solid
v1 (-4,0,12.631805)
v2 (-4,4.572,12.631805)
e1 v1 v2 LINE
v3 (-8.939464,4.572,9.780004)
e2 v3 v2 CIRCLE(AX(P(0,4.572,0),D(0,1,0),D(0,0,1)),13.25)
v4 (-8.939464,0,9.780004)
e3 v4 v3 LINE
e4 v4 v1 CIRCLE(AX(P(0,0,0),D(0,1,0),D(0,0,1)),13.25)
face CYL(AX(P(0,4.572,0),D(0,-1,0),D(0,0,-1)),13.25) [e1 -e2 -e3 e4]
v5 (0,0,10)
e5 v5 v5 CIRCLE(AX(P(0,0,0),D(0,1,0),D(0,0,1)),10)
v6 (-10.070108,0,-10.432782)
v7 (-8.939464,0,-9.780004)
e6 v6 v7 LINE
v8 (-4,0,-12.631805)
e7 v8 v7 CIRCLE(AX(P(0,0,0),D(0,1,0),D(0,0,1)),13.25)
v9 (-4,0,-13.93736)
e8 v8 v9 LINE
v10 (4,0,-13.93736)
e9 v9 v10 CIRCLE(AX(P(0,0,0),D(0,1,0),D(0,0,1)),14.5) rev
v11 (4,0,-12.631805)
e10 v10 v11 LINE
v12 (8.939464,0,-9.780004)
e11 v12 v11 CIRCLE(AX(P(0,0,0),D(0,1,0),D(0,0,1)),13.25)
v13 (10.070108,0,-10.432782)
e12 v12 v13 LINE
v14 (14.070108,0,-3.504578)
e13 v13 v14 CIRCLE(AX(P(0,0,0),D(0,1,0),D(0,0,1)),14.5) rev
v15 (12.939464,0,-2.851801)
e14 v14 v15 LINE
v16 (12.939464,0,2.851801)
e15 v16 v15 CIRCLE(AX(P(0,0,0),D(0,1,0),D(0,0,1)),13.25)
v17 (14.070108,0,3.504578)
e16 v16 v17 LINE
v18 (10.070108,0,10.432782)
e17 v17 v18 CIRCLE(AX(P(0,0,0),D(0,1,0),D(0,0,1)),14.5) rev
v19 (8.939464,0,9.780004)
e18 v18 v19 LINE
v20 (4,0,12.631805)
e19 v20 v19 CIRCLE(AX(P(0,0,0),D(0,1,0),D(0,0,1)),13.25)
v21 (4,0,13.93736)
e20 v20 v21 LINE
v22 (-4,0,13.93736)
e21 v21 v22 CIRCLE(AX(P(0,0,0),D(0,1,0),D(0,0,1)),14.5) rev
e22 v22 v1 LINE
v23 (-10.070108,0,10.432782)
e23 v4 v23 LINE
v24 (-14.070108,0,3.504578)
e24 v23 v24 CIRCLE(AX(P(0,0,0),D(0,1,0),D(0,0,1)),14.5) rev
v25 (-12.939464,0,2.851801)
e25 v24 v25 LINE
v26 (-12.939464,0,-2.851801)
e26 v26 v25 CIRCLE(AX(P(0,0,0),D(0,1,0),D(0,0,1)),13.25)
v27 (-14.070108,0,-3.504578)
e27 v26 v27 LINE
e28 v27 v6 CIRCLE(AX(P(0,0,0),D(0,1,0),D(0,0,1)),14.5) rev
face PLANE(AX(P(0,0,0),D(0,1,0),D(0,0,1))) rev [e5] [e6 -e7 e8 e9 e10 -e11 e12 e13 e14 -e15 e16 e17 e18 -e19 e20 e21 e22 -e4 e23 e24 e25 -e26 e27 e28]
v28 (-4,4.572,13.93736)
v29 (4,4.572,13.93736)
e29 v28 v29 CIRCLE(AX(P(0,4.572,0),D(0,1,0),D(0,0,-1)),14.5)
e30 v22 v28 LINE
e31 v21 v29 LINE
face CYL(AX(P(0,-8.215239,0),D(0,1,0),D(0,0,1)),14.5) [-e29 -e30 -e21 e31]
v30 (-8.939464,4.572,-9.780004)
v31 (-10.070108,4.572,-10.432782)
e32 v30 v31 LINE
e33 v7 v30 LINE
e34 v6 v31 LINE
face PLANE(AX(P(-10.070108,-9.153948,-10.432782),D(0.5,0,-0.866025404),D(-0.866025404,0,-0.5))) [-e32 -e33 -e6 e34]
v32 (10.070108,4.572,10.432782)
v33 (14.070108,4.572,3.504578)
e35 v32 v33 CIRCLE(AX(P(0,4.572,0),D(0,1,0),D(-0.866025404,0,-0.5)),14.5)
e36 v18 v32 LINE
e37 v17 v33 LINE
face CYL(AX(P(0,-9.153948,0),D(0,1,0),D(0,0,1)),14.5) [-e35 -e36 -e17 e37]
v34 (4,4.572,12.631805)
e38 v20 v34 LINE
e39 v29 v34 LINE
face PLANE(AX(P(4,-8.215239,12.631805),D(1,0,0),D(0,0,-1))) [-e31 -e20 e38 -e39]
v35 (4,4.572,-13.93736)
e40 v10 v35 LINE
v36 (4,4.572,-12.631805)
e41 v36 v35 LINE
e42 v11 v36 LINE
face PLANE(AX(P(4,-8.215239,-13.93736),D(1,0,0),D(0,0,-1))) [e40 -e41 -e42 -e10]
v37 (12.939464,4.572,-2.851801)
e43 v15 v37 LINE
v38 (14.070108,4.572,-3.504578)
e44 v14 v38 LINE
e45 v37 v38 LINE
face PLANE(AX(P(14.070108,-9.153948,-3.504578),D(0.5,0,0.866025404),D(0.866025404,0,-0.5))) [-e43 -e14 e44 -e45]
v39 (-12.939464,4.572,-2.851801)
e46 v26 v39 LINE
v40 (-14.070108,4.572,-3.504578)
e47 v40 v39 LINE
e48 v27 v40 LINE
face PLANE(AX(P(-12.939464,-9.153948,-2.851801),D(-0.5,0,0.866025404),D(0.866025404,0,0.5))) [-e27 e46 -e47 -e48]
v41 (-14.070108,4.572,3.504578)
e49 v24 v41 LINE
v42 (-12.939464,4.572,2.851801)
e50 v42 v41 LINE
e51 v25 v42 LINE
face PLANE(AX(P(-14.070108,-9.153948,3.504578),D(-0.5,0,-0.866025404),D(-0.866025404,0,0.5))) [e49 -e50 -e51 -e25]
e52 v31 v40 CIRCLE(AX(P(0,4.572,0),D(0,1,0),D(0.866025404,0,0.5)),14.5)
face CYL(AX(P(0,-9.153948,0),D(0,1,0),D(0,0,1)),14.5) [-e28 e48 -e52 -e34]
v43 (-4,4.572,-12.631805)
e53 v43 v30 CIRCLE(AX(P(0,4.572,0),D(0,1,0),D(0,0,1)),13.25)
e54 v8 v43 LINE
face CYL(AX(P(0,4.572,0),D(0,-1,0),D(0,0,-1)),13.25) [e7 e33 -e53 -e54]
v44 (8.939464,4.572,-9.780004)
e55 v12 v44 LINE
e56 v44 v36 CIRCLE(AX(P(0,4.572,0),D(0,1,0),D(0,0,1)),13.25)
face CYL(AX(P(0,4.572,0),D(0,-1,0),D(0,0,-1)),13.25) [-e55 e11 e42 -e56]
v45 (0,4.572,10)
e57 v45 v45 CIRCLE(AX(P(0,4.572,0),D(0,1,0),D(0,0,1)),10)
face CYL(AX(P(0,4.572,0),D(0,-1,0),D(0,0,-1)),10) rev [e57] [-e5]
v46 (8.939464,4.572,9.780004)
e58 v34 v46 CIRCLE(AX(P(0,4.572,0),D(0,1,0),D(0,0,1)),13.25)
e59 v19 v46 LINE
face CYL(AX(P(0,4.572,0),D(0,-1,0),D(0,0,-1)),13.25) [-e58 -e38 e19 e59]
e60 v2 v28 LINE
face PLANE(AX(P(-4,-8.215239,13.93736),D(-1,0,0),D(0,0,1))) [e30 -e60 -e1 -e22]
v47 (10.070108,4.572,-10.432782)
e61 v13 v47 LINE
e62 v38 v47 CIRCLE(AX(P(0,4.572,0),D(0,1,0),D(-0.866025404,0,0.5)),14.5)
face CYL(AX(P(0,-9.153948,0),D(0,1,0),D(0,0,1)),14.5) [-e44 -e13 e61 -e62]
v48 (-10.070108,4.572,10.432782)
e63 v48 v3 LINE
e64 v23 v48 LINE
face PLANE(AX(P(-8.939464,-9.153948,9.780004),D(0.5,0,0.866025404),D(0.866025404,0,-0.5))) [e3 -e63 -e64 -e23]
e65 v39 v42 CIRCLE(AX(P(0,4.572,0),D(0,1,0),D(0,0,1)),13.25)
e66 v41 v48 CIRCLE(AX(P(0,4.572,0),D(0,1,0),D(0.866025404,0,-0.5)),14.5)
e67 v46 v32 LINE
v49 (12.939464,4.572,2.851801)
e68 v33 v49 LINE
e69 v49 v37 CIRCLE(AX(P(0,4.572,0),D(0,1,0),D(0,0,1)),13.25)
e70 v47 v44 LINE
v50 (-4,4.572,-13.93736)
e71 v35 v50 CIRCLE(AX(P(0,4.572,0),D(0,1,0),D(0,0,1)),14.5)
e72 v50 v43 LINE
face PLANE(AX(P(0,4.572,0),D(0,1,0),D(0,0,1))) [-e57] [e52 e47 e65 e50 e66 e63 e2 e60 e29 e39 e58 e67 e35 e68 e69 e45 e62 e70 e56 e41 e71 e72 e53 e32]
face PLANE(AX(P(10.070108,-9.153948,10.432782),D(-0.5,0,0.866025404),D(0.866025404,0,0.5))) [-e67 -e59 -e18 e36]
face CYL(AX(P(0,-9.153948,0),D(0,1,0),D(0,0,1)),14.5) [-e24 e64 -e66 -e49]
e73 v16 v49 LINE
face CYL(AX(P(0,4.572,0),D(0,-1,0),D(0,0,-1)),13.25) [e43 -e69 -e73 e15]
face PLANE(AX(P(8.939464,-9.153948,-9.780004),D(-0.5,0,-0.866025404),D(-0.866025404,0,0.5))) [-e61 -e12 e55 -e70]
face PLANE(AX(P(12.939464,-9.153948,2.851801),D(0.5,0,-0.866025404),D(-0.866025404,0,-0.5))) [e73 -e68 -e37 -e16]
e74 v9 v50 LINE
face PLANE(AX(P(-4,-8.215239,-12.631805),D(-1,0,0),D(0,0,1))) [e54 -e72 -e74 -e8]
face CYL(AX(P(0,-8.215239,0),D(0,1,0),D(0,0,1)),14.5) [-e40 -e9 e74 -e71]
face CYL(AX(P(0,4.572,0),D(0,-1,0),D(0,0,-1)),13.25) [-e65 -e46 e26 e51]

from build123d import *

# Parameters (mm, degrees)
SKETCH1_R           = 13.25
SKETCH1_R_2         = 10
BOSS_EXTRUDE1_DEPTH = 4.572
BOSS_EXTRUDE2_DEPTH = 4.572
CIRPATTERN1_COUNT   = 6


with BuildPart() as part:
    # Sketch1 → Boss-Extrude1 (new body)
    with BuildSketch(Plane(origin=(0, 0, 0), x_dir=(1, 0, 0), z_dir=(0, 1, 0))):
        Circle(SKETCH1_R)
        Circle(SKETCH1_R_2, mode=Mode.SUBTRACT)
    extrude(amount=BOSS_EXTRUDE1_DEPTH)

    # Sketch2 → Boss-Extrude2 (add)
    with BuildSketch(Plane(origin=(0, 4.572, 0), x_dir=(1, 0, 0), z_dir=(0, 1, 0))):
        with BuildLine():
            Line((-4, 12.631805097), (-4, 13.937359865))
            ThreePointArc((-4, 13.937359865), (0, 14.5), (4, 13.937359865))
            Line((4, 13.937359865), (4, 12.631805097))
            ThreePointArc((4, 12.631805097), (0, 13.25), (-4, 12.631805097))
        make_face()
    boss_extrude2 = extrude(amount=-BOSS_EXTRUDE2_DEPTH)

    # CirPattern1: Boss-Extrude2 ×6 about axis
    cirpattern1_axis = Axis((0, 0, 0), (0, 1, 0))
    for i in range(1, CIRPATTERN1_COUNT):
        add(boss_extrude2.rotate(cirpattern1_axis, i * 360 / CIRPATTERN1_COUNT))


solid = part.part
